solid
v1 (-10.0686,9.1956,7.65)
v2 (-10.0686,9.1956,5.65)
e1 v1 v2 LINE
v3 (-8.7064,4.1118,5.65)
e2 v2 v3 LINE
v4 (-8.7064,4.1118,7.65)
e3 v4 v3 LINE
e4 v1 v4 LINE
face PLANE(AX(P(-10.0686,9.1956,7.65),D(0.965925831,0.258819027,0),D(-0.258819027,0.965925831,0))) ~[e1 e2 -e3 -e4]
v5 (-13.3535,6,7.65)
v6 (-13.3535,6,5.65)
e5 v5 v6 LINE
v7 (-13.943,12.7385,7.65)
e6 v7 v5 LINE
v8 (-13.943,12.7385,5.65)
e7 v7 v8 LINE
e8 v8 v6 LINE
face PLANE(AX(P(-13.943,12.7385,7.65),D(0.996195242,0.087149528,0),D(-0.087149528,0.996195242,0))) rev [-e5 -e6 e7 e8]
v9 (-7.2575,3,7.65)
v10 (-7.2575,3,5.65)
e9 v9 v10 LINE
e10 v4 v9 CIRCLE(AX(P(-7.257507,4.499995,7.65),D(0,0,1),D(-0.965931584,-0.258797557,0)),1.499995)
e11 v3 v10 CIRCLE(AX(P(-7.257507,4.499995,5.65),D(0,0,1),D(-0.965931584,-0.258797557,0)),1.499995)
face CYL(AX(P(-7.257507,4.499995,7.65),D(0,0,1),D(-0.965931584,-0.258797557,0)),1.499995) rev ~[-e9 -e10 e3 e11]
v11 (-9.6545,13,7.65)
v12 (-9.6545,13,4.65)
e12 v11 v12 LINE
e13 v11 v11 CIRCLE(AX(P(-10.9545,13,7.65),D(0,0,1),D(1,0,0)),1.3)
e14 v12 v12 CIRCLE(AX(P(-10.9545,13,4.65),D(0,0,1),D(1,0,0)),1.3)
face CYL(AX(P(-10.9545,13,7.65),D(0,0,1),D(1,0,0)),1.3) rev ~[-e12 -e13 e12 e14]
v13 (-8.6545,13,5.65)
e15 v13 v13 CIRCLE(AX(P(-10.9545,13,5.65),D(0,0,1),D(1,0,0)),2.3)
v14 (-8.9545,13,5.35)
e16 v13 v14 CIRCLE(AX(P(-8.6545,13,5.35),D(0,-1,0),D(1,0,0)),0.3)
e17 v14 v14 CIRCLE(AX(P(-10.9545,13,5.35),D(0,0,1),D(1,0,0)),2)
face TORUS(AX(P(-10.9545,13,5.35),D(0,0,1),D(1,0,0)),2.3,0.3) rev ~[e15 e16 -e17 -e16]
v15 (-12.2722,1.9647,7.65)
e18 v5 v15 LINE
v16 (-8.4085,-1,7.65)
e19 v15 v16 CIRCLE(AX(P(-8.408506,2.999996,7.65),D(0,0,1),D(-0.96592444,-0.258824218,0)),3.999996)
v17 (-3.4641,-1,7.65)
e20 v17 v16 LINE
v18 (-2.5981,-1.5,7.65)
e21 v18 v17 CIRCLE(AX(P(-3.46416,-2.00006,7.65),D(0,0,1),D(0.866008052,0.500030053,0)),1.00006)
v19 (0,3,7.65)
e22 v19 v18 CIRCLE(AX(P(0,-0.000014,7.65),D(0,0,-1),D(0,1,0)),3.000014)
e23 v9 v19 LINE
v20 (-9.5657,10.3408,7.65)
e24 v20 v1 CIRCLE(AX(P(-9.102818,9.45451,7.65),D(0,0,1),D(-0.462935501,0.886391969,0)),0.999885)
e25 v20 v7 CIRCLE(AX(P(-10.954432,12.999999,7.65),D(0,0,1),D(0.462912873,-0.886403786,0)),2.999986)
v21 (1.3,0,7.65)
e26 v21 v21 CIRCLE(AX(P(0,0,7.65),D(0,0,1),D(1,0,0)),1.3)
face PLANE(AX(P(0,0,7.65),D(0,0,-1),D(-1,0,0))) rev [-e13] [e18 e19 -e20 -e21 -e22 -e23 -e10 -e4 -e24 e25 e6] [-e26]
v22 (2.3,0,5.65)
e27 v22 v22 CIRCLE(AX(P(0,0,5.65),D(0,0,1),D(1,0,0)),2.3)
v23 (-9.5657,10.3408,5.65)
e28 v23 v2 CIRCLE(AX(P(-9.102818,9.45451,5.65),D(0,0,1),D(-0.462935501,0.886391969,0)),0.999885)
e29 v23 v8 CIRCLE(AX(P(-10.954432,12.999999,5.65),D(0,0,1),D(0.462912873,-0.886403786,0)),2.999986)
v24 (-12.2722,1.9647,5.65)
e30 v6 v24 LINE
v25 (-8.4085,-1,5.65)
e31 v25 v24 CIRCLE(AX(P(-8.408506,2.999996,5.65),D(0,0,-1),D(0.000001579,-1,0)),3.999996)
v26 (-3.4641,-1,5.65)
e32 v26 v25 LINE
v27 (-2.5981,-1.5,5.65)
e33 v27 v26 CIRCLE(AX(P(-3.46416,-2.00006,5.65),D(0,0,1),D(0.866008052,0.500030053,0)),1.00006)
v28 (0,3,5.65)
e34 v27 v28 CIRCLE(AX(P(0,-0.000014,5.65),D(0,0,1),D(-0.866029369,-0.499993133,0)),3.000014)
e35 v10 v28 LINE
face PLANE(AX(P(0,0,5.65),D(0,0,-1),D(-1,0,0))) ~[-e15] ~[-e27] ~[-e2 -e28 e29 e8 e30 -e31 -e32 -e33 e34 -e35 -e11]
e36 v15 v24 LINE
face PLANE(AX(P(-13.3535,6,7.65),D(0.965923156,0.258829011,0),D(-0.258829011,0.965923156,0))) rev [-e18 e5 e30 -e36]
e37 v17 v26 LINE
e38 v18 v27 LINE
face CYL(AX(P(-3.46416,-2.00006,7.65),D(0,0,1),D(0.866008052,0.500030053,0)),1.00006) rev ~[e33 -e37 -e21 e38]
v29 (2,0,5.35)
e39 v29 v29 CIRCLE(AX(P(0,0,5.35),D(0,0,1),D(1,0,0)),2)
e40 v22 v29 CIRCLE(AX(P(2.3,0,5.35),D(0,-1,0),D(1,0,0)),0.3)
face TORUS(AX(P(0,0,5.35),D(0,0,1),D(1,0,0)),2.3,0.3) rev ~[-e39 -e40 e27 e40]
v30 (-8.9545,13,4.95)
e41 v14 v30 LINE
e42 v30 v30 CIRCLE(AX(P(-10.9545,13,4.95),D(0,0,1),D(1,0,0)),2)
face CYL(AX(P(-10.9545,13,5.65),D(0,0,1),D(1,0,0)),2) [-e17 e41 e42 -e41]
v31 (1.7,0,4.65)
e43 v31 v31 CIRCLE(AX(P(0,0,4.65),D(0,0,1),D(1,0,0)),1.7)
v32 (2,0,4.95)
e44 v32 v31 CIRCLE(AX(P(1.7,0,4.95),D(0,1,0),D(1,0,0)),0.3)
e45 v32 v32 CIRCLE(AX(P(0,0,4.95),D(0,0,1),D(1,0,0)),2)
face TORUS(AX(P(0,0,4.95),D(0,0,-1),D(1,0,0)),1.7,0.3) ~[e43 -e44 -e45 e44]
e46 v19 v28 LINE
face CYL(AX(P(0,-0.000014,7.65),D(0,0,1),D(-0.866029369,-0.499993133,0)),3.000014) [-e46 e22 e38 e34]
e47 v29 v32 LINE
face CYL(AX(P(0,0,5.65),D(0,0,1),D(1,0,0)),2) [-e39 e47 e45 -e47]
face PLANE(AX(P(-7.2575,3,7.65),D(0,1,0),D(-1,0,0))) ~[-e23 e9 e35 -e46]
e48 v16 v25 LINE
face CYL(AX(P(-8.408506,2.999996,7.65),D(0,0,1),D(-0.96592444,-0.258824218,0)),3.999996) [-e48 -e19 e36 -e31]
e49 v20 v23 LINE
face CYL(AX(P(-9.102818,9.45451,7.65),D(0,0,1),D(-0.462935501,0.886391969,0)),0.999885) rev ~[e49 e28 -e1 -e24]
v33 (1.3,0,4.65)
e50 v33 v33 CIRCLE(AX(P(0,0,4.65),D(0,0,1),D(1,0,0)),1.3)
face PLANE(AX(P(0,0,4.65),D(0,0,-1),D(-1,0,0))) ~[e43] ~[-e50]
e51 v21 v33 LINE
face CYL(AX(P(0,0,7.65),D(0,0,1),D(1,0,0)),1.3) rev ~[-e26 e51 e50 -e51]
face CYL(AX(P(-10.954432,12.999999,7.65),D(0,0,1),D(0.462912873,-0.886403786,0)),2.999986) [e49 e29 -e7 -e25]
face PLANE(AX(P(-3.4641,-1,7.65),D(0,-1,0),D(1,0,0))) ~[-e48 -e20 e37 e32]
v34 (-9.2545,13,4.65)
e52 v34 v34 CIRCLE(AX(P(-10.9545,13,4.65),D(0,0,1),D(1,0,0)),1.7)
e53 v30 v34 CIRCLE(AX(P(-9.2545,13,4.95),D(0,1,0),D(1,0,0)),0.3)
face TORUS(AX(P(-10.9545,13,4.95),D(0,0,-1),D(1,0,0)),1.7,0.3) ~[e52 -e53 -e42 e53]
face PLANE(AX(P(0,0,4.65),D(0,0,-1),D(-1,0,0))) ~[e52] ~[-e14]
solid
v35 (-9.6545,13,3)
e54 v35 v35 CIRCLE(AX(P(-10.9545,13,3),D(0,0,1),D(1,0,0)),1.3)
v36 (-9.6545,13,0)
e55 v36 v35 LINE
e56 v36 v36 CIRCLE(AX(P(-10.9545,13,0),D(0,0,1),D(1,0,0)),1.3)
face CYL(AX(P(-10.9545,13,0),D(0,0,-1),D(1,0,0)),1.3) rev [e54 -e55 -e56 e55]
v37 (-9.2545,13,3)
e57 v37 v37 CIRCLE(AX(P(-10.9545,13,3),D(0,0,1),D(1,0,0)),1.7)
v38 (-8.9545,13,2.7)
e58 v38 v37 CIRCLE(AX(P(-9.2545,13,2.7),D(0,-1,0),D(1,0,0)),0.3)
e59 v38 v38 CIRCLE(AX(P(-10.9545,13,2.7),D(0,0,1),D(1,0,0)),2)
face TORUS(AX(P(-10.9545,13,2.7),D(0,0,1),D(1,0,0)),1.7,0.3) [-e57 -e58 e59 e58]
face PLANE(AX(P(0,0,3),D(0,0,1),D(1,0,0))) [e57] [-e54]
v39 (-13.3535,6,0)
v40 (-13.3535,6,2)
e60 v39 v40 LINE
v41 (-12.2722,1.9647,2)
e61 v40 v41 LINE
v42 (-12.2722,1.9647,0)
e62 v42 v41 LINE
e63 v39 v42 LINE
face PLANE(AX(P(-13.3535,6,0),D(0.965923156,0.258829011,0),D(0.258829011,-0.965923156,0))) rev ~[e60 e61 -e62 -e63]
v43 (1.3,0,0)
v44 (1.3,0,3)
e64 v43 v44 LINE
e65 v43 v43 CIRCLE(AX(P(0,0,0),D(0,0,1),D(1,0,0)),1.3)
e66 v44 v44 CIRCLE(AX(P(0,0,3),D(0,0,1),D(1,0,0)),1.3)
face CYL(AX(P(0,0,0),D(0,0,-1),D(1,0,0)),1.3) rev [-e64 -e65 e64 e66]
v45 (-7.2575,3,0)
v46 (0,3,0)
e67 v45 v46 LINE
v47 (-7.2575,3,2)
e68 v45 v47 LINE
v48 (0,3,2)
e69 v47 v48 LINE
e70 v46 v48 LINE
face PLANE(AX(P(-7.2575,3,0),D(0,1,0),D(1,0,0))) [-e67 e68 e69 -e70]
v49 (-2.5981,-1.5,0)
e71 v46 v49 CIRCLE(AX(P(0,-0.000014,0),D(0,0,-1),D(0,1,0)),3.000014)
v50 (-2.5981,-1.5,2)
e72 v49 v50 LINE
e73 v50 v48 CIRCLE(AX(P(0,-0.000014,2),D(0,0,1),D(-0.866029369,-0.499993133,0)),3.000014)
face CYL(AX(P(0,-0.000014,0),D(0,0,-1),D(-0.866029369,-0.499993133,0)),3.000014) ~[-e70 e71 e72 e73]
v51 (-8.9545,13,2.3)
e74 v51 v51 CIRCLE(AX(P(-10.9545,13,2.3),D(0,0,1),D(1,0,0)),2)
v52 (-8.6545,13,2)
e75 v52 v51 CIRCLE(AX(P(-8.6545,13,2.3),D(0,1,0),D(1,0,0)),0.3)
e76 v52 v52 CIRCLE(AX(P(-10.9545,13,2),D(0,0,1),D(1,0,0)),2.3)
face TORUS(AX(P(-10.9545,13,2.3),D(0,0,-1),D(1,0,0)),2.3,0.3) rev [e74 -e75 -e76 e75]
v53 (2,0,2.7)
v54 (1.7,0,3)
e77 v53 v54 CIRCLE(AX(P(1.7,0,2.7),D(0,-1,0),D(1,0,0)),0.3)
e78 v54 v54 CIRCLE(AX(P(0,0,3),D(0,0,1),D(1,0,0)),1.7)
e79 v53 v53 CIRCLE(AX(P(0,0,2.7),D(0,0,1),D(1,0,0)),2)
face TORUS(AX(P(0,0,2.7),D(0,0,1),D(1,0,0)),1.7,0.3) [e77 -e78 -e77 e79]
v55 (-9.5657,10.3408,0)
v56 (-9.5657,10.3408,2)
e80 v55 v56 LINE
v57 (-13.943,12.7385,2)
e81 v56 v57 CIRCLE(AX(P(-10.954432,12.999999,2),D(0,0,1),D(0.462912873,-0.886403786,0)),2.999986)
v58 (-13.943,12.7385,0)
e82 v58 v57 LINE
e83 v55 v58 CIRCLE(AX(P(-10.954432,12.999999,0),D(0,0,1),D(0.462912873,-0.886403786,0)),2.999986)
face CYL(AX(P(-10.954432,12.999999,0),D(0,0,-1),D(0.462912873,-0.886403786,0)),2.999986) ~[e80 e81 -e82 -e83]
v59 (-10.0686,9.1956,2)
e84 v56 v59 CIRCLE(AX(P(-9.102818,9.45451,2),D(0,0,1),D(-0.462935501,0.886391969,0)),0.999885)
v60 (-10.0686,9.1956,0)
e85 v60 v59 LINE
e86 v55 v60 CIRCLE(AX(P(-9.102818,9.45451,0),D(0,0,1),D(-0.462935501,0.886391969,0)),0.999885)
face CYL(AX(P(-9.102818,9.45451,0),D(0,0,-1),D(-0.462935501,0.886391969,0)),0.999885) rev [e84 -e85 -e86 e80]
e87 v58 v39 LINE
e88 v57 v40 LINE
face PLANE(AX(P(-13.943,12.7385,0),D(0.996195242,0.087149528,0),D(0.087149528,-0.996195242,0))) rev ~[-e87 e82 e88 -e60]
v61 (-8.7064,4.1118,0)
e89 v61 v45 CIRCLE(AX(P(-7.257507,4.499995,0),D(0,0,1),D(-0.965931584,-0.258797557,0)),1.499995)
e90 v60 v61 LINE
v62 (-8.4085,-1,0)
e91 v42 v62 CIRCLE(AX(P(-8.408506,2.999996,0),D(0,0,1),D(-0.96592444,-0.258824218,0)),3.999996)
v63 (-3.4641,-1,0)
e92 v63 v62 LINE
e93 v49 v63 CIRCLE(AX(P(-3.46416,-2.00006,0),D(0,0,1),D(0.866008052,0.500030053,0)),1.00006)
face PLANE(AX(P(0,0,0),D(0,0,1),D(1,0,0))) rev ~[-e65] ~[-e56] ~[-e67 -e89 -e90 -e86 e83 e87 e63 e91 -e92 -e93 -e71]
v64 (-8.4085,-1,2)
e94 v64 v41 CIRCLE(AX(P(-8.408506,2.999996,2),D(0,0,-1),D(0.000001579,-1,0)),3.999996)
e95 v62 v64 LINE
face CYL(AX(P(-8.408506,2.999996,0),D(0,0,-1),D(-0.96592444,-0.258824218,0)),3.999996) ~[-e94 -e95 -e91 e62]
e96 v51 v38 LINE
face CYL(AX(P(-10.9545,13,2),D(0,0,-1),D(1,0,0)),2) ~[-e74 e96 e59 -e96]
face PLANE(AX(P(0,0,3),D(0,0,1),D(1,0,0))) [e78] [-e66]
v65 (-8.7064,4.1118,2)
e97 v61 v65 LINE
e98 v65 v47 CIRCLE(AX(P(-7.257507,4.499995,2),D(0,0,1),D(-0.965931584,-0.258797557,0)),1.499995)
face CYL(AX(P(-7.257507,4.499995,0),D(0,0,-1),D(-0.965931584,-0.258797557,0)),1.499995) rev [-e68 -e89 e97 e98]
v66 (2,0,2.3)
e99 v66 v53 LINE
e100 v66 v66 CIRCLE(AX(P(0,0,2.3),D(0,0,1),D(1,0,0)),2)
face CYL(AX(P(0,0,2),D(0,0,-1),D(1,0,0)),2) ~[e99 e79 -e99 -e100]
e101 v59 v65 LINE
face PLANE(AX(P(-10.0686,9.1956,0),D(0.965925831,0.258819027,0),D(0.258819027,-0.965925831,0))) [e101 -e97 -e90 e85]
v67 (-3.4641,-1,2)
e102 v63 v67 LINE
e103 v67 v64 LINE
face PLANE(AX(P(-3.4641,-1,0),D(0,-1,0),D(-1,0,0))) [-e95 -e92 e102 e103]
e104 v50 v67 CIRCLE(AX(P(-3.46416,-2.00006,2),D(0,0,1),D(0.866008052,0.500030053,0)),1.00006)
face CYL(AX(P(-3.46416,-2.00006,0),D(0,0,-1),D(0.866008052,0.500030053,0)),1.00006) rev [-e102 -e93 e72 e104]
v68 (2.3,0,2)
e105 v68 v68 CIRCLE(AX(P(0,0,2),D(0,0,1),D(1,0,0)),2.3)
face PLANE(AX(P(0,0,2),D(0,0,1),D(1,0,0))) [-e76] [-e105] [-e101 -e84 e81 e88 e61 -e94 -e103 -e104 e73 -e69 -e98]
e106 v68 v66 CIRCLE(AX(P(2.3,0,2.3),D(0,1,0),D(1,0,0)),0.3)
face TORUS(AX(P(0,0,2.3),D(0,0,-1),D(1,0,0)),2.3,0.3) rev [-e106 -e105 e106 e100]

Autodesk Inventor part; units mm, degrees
ref_plane "YZ Plane" through (0, 0, 0) normal (1, 0, 0) x (0, 1, 0)
ref_plane "XZ Plane" through (0, 0, 0) normal (0, 1, 0) x (-1, 0, 0)
sketch "Sketch1" plane through (0, 0, 0) normal (0, 0, 1) x (1, 0, 0)
  line L0 (0, 0) -> (-10.9545, 13) construction
  line L1 (-18.0822, 0) -> (7.7948, 0) projected
  circle A0 centre (0, 0) radius 1.3
  circle A1 centre (-10.9545, 13) radius 1.3
  arc A2 (-9.5657, 10.3408) -> (-13.943, 12.7385) centre (-10.9545, 13) ccw
  arc A3 (-2.5981, -1.5) -> (0, 3) centre (0, 0) ccw
  line L2 (-13.943, 12.7385) -> (-13.3535, 6)
  line L3 (-13.3535, 6) -> (-12.2722, 1.9647)
  line L4 (-10.0686, 9.1956) -> (-8.7064, 4.1118)
  line L5 (-7.2575, 3) -> (0, 3)
  line L6 (-3.4641, -1) -> (-8.4085, -1)
  arc A4 (-9.5657, 10.3408) -> (-10.0686, 9.1956) centre (-9.1027, 9.4544) ccw
  arc A5 (-8.7064, 4.1118) -> (-7.2575, 3) centre (-7.2575, 4.5) ccw
  arc A6 (-12.2722, 1.9647) -> (-8.4085, -1) centre (-8.4085, 3) ccw
  arc A7 (-2.5981, -1.5) -> (-3.4641, -1) centre (-3.4641, -2) ccw
  dimension "d0" = 17
  dimension "d2" = 2.6
  dimension "d4" = 4
  dimension "d5" = 6
  dimension "d6" = 4
  dimension "d7" = 105
  dimension "d13" = 6
  dimension "d15" = 1
  dimension "d16" = 1.5
  dimension "d17" = 4
  dimension "d18" = 1
  dimension "d25" = 14
  dimension "d27" = 10
extrude "Extrusion1" add sketch "Sketch1" along normal blind 2 contours A6 L3 L2 A2 A4 L4 A5 L5 A3 L1 A0 | L1 A0 A3 A7 L6 A6
sketch "Sketch2" plane through (0, 0, 2) normal (0, 0, 1) x (1, 0, 0)
  circle A0 centre (-10.9545, 13) radius 1.3 projected
  circle A1 centre (0, 0) radius 1.3 projected
  arc A2 (-9.5657, 10.3408) -> (-13.943, 12.7385) centre (-10.9545, 13) ccw projected
  arc A3 (-2.5981, -1.5) -> (0, 3) centre (0, 0) ccw projected
  circle A4 centre (-10.9545, 13) radius 2
  circle A5 centre (0, 0) radius 2
  dimension "d21" = 0.7
extrude "Extrusion2" add sketch "Sketch2" along normal blind 1
fillet "Fillet1" radius 0.3 4 edges at (-2, 0, 2) (-12.9545, 13, 2) (-12.9545, 13, 3) (-2, 0, 3)
ref_plane "Work Plane1" through (0, 0, 3.825) normal (0, 0, 1) x (1, 0, 0)
mirror "Mirror1" about plane through (0, 0, 3.825) normal (0, 0, 1)
properties part number "Levers" material "Steel"
